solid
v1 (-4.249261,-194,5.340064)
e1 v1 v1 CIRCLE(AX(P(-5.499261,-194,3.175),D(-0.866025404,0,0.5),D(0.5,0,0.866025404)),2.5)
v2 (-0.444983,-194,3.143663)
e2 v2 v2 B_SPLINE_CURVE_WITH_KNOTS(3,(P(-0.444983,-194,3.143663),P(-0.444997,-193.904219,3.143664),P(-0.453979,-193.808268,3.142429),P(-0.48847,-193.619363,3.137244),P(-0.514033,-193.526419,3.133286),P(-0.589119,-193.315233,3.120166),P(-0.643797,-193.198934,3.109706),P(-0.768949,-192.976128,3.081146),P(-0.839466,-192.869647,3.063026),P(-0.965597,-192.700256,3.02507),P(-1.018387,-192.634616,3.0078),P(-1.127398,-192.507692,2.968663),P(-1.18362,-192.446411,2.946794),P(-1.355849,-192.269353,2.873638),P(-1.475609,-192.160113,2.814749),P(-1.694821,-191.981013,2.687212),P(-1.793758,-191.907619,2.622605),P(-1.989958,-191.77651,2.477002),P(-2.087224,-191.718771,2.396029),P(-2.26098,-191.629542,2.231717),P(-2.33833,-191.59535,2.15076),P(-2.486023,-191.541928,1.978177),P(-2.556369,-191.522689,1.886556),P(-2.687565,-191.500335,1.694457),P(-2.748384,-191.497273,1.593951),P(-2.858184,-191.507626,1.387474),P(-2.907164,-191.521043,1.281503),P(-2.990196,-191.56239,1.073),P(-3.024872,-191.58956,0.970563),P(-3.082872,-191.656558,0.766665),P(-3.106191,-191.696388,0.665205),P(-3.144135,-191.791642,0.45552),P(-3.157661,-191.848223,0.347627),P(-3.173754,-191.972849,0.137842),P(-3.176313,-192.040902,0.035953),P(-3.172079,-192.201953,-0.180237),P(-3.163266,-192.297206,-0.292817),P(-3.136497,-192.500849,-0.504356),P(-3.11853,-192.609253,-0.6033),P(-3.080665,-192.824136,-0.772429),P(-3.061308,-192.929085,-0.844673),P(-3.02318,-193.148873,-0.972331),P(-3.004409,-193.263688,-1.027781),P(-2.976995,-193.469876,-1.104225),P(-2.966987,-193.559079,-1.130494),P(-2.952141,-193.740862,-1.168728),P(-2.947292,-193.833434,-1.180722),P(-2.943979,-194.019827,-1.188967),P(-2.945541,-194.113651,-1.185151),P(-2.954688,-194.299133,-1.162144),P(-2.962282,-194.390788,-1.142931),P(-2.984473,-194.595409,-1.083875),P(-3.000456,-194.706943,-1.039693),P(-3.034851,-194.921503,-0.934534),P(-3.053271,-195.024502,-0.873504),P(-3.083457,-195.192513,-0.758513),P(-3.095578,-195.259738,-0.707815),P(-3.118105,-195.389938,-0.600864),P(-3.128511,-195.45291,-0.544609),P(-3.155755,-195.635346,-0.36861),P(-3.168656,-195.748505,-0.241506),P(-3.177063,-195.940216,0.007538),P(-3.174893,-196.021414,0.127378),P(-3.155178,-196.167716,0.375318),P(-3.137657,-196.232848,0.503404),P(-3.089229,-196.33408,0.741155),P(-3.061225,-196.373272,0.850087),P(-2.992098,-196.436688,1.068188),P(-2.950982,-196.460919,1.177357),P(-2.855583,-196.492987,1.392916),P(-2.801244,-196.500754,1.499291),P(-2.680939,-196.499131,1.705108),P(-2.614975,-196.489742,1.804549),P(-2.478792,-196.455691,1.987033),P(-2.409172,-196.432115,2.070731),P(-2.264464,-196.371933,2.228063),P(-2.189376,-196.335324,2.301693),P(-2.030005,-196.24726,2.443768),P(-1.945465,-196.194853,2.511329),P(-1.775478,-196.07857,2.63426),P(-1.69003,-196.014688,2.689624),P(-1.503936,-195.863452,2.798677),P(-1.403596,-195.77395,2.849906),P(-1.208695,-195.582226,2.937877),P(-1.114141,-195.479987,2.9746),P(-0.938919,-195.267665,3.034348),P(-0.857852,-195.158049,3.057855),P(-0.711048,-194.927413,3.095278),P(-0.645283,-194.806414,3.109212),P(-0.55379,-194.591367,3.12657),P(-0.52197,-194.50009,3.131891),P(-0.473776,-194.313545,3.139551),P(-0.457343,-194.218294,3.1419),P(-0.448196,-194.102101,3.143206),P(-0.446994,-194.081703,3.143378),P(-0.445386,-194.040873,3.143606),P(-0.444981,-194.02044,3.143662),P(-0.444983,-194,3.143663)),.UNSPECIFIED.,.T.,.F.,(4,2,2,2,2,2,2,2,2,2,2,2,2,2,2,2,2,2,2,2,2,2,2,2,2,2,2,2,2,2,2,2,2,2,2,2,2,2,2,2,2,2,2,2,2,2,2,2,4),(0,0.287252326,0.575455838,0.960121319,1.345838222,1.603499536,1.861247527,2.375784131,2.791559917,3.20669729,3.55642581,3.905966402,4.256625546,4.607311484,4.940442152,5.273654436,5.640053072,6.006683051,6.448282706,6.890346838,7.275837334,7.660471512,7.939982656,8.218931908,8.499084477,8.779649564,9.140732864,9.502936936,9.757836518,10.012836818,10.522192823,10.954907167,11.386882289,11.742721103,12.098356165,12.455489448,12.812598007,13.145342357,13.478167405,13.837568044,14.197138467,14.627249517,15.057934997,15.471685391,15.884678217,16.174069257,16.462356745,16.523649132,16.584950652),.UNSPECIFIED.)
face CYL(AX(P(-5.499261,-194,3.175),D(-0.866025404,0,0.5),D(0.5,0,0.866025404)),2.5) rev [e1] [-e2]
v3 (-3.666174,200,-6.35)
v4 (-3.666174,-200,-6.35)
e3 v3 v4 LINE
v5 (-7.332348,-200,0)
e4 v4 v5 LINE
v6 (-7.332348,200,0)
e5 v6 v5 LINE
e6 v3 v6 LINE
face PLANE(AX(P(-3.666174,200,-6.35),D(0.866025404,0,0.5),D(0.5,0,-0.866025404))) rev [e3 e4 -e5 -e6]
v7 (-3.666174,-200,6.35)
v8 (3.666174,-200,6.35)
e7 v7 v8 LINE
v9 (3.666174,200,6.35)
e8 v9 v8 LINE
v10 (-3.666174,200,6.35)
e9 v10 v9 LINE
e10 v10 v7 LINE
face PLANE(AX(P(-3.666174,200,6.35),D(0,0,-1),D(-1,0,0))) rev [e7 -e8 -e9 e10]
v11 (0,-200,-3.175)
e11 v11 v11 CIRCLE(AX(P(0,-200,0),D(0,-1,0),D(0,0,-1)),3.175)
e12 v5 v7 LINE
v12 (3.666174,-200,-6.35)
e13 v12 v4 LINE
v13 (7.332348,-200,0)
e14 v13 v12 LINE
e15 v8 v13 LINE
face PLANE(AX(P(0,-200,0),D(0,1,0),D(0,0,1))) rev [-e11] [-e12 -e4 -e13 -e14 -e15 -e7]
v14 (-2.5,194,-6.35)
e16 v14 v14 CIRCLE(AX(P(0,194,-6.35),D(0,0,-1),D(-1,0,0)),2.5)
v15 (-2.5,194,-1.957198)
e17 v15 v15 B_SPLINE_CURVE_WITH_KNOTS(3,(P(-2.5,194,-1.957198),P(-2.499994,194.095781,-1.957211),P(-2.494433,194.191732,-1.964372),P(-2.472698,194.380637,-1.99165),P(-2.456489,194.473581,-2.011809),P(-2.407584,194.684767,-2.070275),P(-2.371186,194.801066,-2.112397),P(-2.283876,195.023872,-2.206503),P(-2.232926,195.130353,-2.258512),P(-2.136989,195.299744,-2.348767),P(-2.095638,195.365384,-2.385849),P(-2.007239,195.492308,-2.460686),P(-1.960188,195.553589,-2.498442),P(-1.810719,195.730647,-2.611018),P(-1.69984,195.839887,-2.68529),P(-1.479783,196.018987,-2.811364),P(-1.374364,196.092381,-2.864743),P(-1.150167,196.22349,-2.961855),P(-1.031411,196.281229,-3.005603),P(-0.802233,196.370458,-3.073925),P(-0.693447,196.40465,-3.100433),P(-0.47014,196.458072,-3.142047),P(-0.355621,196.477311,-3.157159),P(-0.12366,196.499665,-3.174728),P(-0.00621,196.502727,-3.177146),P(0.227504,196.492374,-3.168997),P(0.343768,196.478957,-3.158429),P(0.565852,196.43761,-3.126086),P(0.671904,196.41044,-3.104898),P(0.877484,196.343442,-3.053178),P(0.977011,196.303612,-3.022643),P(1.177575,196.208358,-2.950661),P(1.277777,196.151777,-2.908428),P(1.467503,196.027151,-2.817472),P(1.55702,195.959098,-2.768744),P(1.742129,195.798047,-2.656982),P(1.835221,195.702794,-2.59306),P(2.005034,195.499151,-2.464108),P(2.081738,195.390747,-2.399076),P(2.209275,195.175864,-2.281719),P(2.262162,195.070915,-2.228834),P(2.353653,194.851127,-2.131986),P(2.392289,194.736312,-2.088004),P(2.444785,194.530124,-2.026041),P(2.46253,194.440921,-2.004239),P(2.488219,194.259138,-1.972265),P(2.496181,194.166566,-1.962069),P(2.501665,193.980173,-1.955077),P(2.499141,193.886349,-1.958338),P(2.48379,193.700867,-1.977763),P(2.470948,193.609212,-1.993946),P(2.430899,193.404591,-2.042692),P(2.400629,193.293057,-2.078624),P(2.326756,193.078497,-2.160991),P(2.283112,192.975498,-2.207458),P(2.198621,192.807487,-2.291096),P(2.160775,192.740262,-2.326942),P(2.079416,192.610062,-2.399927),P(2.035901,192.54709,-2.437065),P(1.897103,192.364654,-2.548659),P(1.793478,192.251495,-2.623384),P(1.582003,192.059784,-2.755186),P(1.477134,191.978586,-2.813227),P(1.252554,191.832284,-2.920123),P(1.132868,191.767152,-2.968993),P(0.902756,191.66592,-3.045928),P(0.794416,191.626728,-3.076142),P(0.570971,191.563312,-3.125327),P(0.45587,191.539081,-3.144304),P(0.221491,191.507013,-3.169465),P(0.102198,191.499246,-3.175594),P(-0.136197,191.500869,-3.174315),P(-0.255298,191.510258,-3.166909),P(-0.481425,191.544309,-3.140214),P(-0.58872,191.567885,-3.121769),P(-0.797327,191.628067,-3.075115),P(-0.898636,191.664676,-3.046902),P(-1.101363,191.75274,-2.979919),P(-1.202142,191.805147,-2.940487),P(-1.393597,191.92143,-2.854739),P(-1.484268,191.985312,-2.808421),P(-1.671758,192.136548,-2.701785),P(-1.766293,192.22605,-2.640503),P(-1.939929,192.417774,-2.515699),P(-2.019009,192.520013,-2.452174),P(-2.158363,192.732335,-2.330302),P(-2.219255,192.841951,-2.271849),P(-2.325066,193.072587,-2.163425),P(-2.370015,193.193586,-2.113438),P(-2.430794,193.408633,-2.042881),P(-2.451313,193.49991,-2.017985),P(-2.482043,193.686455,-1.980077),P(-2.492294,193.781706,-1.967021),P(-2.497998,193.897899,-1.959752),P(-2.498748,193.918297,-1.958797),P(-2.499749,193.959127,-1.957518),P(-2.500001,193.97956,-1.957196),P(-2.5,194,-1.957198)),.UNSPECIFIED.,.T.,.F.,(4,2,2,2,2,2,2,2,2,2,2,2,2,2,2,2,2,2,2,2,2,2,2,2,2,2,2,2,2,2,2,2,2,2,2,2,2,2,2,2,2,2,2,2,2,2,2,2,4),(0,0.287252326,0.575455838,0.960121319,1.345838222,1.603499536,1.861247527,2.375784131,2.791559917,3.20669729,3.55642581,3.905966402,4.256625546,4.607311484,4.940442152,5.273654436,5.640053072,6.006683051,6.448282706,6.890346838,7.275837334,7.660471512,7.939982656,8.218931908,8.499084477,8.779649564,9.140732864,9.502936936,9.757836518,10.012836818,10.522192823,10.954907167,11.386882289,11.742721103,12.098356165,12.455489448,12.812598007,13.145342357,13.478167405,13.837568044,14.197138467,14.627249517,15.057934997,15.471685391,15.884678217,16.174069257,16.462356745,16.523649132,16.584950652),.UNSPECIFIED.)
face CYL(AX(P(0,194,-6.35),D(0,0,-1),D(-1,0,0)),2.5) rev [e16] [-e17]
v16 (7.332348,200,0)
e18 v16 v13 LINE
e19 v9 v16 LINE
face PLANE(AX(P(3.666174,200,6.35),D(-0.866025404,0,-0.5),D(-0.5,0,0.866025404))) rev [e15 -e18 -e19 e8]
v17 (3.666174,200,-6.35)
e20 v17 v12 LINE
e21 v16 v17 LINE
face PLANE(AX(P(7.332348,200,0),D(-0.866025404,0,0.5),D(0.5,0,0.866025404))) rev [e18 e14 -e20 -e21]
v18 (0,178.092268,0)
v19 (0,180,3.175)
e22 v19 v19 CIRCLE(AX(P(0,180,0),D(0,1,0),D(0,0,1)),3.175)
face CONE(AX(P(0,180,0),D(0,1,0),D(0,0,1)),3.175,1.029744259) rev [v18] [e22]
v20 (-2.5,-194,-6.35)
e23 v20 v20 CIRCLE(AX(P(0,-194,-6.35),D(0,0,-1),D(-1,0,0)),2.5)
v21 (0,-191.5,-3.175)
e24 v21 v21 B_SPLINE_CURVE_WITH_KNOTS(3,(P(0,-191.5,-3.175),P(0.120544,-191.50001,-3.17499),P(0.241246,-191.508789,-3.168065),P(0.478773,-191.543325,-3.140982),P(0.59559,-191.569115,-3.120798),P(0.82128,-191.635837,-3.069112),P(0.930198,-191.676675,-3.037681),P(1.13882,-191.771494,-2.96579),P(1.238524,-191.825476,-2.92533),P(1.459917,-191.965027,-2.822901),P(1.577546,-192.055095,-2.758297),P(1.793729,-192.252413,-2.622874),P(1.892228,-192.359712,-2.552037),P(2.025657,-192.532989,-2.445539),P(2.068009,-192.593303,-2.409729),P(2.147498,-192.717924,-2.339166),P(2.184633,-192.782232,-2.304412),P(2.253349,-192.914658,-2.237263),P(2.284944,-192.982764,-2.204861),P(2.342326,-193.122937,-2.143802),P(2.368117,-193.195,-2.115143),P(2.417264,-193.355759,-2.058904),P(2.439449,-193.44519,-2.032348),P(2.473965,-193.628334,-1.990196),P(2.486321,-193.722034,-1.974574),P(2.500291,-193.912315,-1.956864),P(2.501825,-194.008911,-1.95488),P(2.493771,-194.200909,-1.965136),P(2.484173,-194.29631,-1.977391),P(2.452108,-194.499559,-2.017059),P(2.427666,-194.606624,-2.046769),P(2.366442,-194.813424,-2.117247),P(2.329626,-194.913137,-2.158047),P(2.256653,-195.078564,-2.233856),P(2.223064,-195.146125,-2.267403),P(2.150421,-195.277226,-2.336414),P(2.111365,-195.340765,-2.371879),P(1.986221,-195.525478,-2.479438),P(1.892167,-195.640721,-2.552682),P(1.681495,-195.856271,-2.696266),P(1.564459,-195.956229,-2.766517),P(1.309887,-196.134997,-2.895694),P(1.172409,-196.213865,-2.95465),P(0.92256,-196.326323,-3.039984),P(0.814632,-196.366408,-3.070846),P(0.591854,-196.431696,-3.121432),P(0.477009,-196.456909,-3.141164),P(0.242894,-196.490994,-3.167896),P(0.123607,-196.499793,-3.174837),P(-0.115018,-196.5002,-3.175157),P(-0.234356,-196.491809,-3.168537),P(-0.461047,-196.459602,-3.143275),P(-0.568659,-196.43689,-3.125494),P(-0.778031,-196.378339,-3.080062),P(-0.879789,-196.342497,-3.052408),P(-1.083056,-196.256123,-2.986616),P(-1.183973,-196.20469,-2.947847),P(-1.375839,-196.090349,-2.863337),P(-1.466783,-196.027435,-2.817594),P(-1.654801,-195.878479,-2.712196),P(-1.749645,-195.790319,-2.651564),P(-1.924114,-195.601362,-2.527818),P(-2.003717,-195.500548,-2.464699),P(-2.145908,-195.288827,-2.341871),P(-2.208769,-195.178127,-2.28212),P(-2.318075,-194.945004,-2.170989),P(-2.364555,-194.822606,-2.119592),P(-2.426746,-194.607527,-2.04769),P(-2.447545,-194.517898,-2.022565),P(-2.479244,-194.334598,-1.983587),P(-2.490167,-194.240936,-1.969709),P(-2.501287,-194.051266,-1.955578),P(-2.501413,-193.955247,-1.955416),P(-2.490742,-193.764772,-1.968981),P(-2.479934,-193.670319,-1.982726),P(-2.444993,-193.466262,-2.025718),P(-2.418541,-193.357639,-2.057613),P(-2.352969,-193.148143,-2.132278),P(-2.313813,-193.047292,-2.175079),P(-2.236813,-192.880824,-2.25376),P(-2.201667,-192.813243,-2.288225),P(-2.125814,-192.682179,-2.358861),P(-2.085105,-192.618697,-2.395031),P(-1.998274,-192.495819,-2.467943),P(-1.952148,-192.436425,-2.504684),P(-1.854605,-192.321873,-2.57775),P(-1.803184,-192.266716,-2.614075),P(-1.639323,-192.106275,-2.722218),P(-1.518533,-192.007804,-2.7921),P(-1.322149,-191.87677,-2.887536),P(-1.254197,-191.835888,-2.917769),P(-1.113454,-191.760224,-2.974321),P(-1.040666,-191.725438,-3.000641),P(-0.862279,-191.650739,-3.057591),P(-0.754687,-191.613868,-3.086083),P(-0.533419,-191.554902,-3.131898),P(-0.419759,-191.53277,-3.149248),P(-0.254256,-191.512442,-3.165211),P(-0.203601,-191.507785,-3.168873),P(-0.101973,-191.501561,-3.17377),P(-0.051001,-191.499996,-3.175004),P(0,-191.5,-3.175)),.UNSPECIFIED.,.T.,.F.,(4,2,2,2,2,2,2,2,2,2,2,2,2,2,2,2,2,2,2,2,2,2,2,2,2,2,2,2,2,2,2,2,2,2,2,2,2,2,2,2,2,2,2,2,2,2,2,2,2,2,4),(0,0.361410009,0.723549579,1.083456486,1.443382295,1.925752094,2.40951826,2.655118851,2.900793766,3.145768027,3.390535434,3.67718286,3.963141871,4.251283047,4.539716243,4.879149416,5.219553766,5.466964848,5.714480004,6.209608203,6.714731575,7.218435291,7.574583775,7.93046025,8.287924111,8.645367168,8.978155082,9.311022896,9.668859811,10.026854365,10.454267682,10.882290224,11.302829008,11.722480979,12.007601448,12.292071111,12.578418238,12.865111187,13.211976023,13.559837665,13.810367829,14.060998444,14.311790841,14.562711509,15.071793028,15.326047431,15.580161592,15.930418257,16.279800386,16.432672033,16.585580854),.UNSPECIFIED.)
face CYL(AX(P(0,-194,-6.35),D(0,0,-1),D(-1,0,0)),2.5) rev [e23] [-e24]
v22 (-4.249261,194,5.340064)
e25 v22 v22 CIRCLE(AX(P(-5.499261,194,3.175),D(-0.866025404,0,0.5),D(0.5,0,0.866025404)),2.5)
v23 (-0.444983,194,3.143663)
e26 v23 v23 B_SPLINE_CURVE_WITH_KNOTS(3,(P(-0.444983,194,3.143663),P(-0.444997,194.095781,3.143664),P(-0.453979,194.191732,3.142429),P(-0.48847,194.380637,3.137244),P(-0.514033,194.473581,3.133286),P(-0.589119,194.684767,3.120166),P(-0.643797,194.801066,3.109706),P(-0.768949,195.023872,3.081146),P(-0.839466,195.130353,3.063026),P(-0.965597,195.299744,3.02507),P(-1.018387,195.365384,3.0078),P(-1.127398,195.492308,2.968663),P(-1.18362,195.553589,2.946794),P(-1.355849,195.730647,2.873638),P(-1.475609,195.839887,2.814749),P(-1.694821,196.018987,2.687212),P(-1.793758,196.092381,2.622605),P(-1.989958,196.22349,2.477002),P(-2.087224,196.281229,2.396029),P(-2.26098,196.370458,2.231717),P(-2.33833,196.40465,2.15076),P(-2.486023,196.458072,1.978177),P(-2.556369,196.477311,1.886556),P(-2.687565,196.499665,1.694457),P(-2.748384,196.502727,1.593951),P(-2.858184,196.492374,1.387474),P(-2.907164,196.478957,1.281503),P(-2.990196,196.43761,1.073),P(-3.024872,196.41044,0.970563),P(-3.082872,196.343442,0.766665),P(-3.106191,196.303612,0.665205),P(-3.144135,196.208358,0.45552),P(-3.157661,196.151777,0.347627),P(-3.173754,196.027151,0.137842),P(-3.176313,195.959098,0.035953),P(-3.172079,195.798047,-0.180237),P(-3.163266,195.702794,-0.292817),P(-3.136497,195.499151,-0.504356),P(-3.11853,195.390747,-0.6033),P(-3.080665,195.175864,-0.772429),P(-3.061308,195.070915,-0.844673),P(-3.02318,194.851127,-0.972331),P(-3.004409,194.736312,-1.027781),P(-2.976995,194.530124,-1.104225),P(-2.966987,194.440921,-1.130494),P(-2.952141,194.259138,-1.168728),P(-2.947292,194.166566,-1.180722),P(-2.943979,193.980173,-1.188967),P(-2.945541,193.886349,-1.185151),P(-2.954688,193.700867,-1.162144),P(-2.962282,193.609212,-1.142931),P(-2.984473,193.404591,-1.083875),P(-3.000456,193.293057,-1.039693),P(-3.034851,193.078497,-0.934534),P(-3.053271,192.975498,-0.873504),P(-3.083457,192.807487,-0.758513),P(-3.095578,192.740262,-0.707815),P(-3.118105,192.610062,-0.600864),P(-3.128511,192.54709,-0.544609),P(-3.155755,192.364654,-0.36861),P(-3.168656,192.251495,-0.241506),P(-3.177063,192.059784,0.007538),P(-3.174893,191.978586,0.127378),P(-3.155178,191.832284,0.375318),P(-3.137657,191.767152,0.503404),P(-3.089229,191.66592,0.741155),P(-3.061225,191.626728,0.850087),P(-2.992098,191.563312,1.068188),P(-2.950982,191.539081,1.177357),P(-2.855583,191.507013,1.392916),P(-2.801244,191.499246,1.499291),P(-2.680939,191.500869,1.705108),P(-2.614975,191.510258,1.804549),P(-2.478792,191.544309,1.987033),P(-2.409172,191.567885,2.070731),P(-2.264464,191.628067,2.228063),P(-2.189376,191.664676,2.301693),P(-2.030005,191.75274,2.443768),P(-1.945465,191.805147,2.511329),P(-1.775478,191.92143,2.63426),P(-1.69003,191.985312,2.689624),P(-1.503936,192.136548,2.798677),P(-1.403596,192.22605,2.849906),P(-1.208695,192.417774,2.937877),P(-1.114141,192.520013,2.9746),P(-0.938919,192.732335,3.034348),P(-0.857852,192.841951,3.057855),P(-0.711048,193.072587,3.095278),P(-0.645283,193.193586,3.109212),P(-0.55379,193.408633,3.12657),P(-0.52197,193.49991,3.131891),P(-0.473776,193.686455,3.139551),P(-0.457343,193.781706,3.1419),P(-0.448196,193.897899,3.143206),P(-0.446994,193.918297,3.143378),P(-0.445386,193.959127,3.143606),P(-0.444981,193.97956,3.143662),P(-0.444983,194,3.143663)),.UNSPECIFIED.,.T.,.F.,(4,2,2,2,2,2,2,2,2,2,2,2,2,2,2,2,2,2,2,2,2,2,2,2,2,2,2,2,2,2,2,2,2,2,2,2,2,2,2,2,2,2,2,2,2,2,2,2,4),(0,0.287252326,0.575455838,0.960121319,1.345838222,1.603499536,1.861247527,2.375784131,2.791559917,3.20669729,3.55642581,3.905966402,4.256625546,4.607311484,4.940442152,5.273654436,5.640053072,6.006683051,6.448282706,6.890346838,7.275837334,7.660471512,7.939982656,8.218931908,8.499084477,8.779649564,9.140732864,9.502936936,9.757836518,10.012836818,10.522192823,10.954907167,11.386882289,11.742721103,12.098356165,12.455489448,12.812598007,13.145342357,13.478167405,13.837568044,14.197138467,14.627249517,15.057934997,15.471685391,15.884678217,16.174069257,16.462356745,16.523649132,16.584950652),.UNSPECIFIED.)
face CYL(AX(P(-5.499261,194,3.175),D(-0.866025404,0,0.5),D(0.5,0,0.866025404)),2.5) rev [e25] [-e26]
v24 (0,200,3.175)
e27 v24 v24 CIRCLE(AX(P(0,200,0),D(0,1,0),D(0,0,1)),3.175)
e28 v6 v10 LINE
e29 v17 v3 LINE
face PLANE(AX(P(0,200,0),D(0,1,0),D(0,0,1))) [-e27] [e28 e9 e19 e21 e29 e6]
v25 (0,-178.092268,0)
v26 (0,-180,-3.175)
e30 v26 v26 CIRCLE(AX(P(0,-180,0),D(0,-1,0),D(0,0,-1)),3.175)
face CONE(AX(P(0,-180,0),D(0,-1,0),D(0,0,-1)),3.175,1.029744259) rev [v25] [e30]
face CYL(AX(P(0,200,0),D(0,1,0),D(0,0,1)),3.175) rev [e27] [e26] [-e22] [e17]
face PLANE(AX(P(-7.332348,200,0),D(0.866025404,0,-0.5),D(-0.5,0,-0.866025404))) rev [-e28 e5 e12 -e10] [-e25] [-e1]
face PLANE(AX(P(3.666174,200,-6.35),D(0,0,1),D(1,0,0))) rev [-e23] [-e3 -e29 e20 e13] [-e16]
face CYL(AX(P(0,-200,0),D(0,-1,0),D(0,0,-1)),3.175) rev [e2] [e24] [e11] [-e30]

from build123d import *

# Parameters (mm, degrees)
BOSS_EXTRUDE1_DEPTH             = 200
F_1_4_0_25_DIAMETER_HOLE1_D     = 6.35
F_1_4_0_25_DIAMETER_HOLE1_DEPTH = 20
F_1_4_0_25_DIAMETER_HOLE1_TIP   = 1.907732465
F_1_4_0_25_DIAMETER_HOLE2_D     = 6.35
F_1_4_0_25_DIAMETER_HOLE2_DEPTH = 20
F_1_4_0_25_DIAMETER_HOLE2_TIP   = 1.907732465
M6X1_0_TAPPED_HOLE3_REACH       = 202.537
M6X1_0_TAPPED_HOLE3_BORE_R      = 2.5
M6X1_0_TAPPED_HOLE4_REACH       = 202.637
M6X1_0_TAPPED_HOLE4_BORE_R      = 2.5


with BuildPart() as part:
    # Sketch1 → Boss-Extrude1 (new, symmetric)
    with BuildSketch(Plane(origin=(0, 0, 0), x_dir=(1, 0, 0), z_dir=(0, 1, 0))):
        Polygon((7.332348419, 0), (3.666174209, 6.35), (-3.666174209, 6.35), (-7.332348419, 0), (-3.666174209, -6.35), (3.666174209, -6.35), align=None)
    extrude(amount=BOSS_EXTRUDE1_DEPTH, both=True)

    # 1_4 _0.25_ Diameter Hole1
    with Locations(Plane(origin=(0, 200, 0), x_dir=(1, 0, 0), z_dir=(0, 1, 0))):
        with Locations((0, 0)):
            Hole(F_1_4_0_25_DIAMETER_HOLE1_D / 2, depth=F_1_4_0_25_DIAMETER_HOLE1_DEPTH)
            with Locations((0, 0, -(F_1_4_0_25_DIAMETER_HOLE1_DEPTH + F_1_4_0_25_DIAMETER_HOLE1_TIP / 2))):  # 118° drill point
                Cone(0, F_1_4_0_25_DIAMETER_HOLE1_D / 2, F_1_4_0_25_DIAMETER_HOLE1_TIP, mode=Mode.SUBTRACT)

    # 1_4 _0.25_ Diameter Hole2
    with Locations(Plane(origin=(0, -200, 0), x_dir=(-1, 0, 0), z_dir=(0, -1, 0))):
        with Locations((0, 0)):
            Hole(F_1_4_0_25_DIAMETER_HOLE2_D / 2, depth=F_1_4_0_25_DIAMETER_HOLE2_DEPTH)
            with Locations((0, 0, -(F_1_4_0_25_DIAMETER_HOLE2_DEPTH + F_1_4_0_25_DIAMETER_HOLE2_TIP / 2))):  # 118° drill point
                Cone(0, F_1_4_0_25_DIAMETER_HOLE2_D / 2, F_1_4_0_25_DIAMETER_HOLE2_TIP, mode=Mode.SUBTRACT)

    # M6x1.0 Tapped Hole3 bore → M6x1.0 Tapped Hole3 (cut, up to next)
    with BuildSketch(Plane(origin=(0, 0, -6.35), x_dir=(-1, 0, 0), z_dir=(0, 0, -1)), mode=Mode.PRIVATE) as m6x1_0_tapped_hole3_sk1:
        with Locations((0, -194)):
            Circle(M6X1_0_TAPPED_HOLE3_BORE_R)
    m6x1_0_tapped_hole3_tool1 = extrude(m6x1_0_tapped_hole3_sk1.sketch, amount=-M6X1_0_TAPPED_HOLE3_REACH, mode=Mode.PRIVATE) & part.part
    # M6x1.0 Tapped Hole3 bore → M6x1.0 Tapped Hole3 (cut, up to next)
    with BuildSketch(Plane(origin=(0, 0, -6.35), x_dir=(-1, 0, 0), z_dir=(0, 0, -1)), mode=Mode.PRIVATE) as m6x1_0_tapped_hole3_sk2:
        with Locations((0, 194)):
            Circle(M6X1_0_TAPPED_HOLE3_BORE_R)
    m6x1_0_tapped_hole3_tool2 = extrude(m6x1_0_tapped_hole3_sk2.sketch, amount=-M6X1_0_TAPPED_HOLE3_REACH, mode=Mode.PRIVATE) & part.part
    add(m6x1_0_tapped_hole3_tool1.solids().sort_by_distance((0, -194, -6.35))[0], mode=Mode.SUBTRACT)
    add(m6x1_0_tapped_hole3_tool2.solids().sort_by_distance((0, 194, -6.35))[0], mode=Mode.SUBTRACT)

    # M6x1.0 Tapped Hole4 bore → M6x1.0 Tapped Hole4 (cut, up to next)
    with BuildSketch(Plane(origin=(-5.499261314, 0, 3.175), x_dir=(-0.5000000000000001, 0, -0.8660254037844386), z_dir=(-0.8660254037844386, 0, 0.5000000000000001)), mode=Mode.PRIVATE) as m6x1_0_tapped_hole4_sk1:
        with Locations((0, -194)):
            Circle(M6X1_0_TAPPED_HOLE4_BORE_R)
    m6x1_0_tapped_hole4_tool1 = extrude(m6x1_0_tapped_hole4_sk1.sketch, amount=-M6X1_0_TAPPED_HOLE4_REACH, mode=Mode.PRIVATE) & part.part
    # M6x1.0 Tapped Hole4 bore → M6x1.0 Tapped Hole4 (cut, up to next)
    with BuildSketch(Plane(origin=(-5.499261314, 0, 3.175), x_dir=(-0.5000000000000001, 0, -0.8660254037844386), z_dir=(-0.8660254037844386, 0, 0.5000000000000001)), mode=Mode.PRIVATE) as m6x1_0_tapped_hole4_sk2:
        with Locations((0, 194)):
            Circle(M6X1_0_TAPPED_HOLE4_BORE_R)
    m6x1_0_tapped_hole4_tool2 = extrude(m6x1_0_tapped_hole4_sk2.sketch, amount=-M6X1_0_TAPPED_HOLE4_REACH, mode=Mode.PRIVATE) & part.part
    add(m6x1_0_tapped_hole4_tool1.solids().sort_by_distance((-5.499261, 194, 3.175))[0], mode=Mode.SUBTRACT)
    add(m6x1_0_tapped_hole4_tool2.solids().sort_by_distance((-5.499261, -194, 3.175))[0], mode=Mode.SUBTRACT)


solid = part.part
